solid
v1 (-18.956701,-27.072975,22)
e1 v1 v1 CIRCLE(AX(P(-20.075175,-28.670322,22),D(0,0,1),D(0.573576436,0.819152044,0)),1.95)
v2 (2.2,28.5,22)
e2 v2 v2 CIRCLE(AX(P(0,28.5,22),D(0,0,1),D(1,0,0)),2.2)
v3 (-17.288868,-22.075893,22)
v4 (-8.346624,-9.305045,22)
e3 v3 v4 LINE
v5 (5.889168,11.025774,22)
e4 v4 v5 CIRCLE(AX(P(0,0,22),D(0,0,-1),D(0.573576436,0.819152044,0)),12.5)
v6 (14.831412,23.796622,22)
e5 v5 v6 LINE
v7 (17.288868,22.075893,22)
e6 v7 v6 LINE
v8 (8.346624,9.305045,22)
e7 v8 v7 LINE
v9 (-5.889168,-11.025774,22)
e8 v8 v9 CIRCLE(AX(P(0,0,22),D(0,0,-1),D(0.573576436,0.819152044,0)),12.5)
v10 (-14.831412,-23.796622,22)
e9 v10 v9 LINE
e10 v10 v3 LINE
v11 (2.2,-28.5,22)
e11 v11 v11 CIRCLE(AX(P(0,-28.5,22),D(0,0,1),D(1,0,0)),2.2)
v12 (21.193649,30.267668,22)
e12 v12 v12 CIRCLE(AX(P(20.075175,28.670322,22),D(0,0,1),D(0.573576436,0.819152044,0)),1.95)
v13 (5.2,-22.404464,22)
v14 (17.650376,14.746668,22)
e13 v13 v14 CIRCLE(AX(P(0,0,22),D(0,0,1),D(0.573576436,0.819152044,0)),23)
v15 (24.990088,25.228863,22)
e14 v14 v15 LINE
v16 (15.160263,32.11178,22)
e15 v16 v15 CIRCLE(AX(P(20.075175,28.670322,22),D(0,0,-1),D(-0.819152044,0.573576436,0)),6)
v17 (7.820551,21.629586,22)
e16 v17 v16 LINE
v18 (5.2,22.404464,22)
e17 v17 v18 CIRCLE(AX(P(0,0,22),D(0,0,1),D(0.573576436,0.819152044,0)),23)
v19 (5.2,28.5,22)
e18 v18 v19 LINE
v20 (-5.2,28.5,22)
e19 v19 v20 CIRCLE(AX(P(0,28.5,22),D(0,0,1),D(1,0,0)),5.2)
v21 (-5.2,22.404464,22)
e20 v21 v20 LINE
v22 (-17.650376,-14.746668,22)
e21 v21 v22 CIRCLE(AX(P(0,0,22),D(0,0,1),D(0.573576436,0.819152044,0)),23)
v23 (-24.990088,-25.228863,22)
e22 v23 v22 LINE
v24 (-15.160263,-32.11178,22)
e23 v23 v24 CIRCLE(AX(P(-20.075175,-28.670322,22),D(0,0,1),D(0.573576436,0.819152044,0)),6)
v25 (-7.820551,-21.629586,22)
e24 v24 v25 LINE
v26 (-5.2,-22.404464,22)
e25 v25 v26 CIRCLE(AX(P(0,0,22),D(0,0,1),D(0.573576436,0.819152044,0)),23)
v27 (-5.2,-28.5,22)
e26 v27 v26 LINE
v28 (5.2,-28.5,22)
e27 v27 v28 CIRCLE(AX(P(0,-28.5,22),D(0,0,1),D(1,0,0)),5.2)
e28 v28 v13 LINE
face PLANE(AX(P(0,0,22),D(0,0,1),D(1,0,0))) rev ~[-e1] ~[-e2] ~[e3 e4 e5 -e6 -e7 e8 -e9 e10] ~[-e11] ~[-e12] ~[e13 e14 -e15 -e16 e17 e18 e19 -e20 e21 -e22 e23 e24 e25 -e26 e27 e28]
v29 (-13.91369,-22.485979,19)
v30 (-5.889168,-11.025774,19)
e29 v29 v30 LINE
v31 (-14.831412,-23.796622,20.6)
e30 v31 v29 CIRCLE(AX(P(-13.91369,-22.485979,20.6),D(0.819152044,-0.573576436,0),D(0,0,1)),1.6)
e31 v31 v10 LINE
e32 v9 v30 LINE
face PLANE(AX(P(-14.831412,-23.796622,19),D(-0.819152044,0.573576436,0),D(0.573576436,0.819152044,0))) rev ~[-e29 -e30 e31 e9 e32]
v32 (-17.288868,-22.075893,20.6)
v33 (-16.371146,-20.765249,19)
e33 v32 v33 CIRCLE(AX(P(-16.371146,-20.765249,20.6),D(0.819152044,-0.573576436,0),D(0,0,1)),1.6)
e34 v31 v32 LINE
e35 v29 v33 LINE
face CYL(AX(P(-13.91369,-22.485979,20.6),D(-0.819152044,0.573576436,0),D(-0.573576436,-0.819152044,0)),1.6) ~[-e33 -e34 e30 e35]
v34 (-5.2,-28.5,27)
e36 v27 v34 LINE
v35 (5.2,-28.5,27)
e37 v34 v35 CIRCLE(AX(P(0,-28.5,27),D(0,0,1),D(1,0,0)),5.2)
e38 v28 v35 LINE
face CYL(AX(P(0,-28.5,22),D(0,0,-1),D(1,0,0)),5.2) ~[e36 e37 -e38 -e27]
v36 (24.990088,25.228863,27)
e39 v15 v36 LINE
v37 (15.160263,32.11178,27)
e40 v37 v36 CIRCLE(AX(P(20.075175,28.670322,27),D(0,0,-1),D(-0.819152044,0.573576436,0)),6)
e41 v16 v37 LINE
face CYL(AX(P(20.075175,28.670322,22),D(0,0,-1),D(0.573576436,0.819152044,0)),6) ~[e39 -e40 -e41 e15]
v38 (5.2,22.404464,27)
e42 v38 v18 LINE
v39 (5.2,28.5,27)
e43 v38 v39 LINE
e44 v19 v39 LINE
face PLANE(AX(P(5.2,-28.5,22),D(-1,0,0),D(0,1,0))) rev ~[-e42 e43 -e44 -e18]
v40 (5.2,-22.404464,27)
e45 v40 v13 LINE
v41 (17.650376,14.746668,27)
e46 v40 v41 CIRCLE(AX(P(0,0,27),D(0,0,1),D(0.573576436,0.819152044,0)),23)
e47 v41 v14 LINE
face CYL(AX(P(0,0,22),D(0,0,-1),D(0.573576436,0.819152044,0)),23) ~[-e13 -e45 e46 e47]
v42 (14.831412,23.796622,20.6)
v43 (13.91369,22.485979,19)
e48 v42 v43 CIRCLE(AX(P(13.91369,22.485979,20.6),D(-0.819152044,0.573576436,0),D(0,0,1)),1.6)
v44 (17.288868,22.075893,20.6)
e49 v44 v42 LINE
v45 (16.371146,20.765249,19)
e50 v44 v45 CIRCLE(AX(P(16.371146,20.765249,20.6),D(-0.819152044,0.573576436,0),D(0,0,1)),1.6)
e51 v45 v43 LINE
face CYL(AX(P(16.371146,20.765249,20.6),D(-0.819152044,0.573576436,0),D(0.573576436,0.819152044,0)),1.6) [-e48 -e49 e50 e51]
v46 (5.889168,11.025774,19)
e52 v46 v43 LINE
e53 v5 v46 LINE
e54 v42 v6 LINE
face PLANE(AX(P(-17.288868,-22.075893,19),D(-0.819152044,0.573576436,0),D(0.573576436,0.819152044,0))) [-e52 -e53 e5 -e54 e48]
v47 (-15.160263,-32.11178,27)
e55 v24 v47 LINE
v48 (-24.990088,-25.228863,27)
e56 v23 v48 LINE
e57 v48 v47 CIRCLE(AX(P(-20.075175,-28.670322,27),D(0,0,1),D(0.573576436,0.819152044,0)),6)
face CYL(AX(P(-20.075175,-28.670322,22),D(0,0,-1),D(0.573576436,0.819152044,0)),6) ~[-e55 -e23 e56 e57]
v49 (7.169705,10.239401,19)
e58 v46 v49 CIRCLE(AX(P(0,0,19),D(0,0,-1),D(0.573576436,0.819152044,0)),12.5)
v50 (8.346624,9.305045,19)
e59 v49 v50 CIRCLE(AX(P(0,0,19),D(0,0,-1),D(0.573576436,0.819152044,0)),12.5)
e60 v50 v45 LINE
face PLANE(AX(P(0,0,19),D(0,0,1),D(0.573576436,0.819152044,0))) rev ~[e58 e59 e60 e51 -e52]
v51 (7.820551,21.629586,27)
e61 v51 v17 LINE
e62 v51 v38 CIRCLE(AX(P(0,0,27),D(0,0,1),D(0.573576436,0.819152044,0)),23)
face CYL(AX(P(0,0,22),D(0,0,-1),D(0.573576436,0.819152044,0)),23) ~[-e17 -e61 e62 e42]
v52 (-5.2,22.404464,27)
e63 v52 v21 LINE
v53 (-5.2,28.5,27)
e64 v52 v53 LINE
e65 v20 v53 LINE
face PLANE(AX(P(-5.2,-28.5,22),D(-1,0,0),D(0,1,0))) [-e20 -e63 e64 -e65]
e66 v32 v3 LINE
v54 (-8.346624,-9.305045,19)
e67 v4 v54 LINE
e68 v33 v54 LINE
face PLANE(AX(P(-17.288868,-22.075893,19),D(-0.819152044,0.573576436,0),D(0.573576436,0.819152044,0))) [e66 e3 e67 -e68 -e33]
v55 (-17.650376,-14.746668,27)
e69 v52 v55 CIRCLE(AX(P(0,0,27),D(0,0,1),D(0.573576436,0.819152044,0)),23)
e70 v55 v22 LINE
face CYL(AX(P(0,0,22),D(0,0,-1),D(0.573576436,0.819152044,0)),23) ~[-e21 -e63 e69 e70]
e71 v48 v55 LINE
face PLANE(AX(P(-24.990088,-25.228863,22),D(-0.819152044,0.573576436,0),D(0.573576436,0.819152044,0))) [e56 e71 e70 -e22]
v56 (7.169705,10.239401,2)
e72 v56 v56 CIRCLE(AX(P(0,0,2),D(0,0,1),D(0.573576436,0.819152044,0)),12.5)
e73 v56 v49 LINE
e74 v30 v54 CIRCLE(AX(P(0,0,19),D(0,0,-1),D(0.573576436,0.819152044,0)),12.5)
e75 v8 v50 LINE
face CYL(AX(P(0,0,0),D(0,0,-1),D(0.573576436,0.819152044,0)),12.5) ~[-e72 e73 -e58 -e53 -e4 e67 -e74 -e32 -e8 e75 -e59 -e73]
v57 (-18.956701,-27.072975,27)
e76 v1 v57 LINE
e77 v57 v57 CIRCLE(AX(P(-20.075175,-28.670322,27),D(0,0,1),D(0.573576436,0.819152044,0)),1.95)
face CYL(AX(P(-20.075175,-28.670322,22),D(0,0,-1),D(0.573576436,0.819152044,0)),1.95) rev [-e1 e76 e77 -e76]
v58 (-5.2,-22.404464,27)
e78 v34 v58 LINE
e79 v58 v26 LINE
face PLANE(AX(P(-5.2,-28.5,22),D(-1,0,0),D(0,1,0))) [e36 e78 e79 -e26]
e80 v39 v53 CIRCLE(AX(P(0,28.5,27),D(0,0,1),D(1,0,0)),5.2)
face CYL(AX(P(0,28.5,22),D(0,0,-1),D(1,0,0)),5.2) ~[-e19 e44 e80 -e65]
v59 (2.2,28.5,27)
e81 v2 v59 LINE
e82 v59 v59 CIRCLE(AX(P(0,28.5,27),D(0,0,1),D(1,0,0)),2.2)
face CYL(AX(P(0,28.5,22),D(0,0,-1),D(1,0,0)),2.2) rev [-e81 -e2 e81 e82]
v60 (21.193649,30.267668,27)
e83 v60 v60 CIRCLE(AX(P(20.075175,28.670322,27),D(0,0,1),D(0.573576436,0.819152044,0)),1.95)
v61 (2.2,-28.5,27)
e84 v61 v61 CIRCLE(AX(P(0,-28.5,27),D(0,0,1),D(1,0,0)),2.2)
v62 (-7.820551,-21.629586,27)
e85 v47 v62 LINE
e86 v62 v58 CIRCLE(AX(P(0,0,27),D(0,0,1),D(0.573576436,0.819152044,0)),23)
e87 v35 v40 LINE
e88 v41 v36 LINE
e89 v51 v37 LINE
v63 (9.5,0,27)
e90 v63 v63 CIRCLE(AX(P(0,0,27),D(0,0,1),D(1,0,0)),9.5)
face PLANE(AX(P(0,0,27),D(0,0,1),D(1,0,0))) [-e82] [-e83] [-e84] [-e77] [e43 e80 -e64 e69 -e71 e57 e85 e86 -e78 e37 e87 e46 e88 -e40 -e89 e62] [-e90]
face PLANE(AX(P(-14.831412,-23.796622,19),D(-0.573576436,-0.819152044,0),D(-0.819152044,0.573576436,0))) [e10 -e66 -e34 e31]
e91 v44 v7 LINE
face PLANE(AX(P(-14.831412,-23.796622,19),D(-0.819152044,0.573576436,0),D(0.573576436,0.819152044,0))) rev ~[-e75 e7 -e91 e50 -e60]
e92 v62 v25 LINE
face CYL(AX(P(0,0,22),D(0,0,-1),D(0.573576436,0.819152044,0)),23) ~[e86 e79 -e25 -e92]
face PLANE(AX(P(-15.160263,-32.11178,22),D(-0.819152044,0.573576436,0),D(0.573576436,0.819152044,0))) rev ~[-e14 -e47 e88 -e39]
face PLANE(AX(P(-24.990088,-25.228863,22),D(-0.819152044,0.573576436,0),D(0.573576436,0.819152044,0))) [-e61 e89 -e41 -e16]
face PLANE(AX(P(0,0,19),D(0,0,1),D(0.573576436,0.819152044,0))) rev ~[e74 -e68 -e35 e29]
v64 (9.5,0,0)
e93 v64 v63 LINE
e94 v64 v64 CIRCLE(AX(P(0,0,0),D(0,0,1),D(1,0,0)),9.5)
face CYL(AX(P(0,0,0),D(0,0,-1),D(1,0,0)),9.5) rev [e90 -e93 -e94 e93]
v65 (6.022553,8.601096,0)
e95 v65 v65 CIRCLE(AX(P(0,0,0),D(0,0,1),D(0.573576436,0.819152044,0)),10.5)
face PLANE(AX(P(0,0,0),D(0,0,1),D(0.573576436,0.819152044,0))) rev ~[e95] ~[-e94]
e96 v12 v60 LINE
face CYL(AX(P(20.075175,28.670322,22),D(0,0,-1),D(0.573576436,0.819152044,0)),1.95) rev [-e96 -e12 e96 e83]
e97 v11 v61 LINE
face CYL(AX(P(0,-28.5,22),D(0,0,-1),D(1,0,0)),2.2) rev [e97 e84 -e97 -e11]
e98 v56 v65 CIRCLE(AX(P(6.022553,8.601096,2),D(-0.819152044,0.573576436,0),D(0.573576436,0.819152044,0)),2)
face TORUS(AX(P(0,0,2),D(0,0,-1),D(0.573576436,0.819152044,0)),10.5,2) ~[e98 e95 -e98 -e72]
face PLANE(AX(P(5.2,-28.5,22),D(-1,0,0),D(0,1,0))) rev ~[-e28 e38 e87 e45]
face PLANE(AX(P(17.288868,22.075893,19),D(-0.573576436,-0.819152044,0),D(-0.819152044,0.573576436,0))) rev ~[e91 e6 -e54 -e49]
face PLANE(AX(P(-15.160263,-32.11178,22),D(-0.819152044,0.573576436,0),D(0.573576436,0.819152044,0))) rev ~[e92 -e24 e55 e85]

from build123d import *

# Parameters (mm, degrees)
CYLINDER032_R                = 9.5
CYLINDER032_DEPTH            = 27
CYLINDER035_R                = 23
CYLINDER035_DEPTH            = 5
CYLINDER046_R                = 2.2
CYLINDER046_DEPTH            = 5
ARRAY022_Y_COUNT             = 2
ARRAY022_Y_PITCH             = 57
BOX_W                        = 10.4
BOX_H                        = 57
BOX_DEPTH                    = 5
CYLINDER048_R                = 5.2
CYLINDER048_DEPTH            = 5
ARRAY021_Y_COUNT             = 2
ARRAY021_Y_PITCH             = 57
CUT002004004_PLACEMENT_ANGLE = 305
BOX008_W                     = 56
BOX008_H                     = 3
BOX008_DEPTH                 = 3
FILLET004_R                  = 1.6
CYLINDER031_R                = 12.5
CYLINDER031_DEPTH            = 27
FILLET_R                     = 2
CYLINDER030_R                = 1.95
CYLINDER030_DEPTH            = 5
ARRAY015_X_COUNT             = 2
ARRAY015_X_PITCH             = 70
BOX004_W                     = 70
BOX004_H                     = 12
BOX004_DEPTH                 = 5
CYLINDER029_R                = 6
CYLINDER029_DEPTH            = 5
ARRAY014_X_COUNT             = 2
ARRAY014_X_PITCH             = 70
FUSION018_PLACEMENT_ANGLE    = 55


with BuildPart() as zero_holder_internal_cylinder:
    # Cylinder032 → Cylinder032 (new body)
    with BuildSketch(Plane.XY):
        Circle(CYLINDER032_R)
    extrude(amount=CYLINDER032_DEPTH)


with BuildPart() as zero_holder_top_disk:
    # Cylinder035 → Cylinder035 (new body)
    with BuildSketch(Plane.XY.offset(22)):
        Circle(CYLINDER035_R)
    extrude(amount=CYLINDER035_DEPTH)


with BuildPart() as extract_fusion:
    # Cylinder046 → Cylinder046 (new body)
    with BuildSketch(Plane.XY):
        Circle(CYLINDER046_R)
    extrude(amount=CYLINDER046_DEPTH)

    # Array022 Y: extract fusion ×2


with BuildPart() as extract_fusion_1:
    add(extract_fusion.part)
    with Locations(*[(0, i * ARRAY022_Y_PITCH, 0) for i in range(1, ARRAY022_Y_COUNT)]):
        add(extract_fusion.part)


with BuildPart() as extract_fusion_2:
    # Array022 placement: moved
    add(extract_fusion_1.part.moved(Location((0, -28.5, 0))))


with BuildPart() as between_hole_cube:
    # Box → Box (new body)
    with BuildSketch(Plane(origin=(-5.2, -28.5, 0), x_dir=(1, 0, 0), z_dir=(0, 0, 1))):
        with Locations((5.2, 28.5)):
            Rectangle(BOX_W, BOX_H)
    extrude(amount=BOX_DEPTH)


with BuildPart() as microscope_attachment_cut:
    # Cylinder048 → Cylinder048 (new body)
    with BuildSketch(Plane.XY):
        Circle(CYLINDER048_R)
    extrude(amount=CYLINDER048_DEPTH)

    # Array021 Y: microscope attachment cut ×2


with BuildPart() as microscope_attachment_cut_1:
    add(microscope_attachment_cut.part)
    with Locations(*[(0, i * ARRAY021_Y_PITCH, 0) for i in range(1, ARRAY021_Y_COUNT)]):
        add(microscope_attachment_cut.part)


with BuildPart() as microscope_attachment_cut_2:
    # Array021 placement: moved
    add(microscope_attachment_cut_1.part.moved(Location((0, -28.5, 0))))

    # Fusion023: union between hole cube
    add(between_hole_cube.part)

    # Cut002004004: cut extract fusion
    add(extract_fusion_2.part, mode=Mode.SUBTRACT)


with BuildPart() as microscope_attachment_cut_3:
    # Cut002004004 placement: moved
    add(microscope_attachment_cut_2.part.moved(Location((0, 0, 22))).rotate(Axis((0, 0, 22), (0, 0, 1)), CUT002004004_PLACEMENT_ANGLE))


with BuildPart() as sprint_plate_fillet:
    # Box008 → Box008 (new body)
    with BuildSketch(Plane(origin=(-28, -1.5, 19), x_dir=(1, 0, 0), z_dir=(0, 0, 1))):
        with Locations((28, 1.5)):
            Rectangle(BOX008_W, BOX008_H)
    extrude(amount=BOX008_DEPTH)

    # Fillet004
    fillet004_edges = [sprint_plate_fillet.edges().sort_by_distance(p)[0] for p in [
        (-28, 0, 19),
        (28, 0, 19),
    ]]
    fillet(fillet004_edges, radius=FILLET004_R)


with BuildPart() as zero_holder_external_cylinder_fillet:
    # Cylinder031 → Cylinder031 (new body)
    with BuildSketch(Plane.XY):
        Circle(CYLINDER031_R)
    extrude(amount=CYLINDER031_DEPTH)

    # Fillet
    fillet_edges = [zero_holder_external_cylinder_fillet.edges().sort_by_distance(p)[0] for p in [
        (-12.5, 0, 0),
    ]]
    fillet(fillet_edges, radius=FILLET_R)


with BuildPart() as spring_plate_end_array003:
    # Cylinder030 → Cylinder030 (new body)
    with BuildSketch(Plane.XY):
        Circle(CYLINDER030_R)
    extrude(amount=CYLINDER030_DEPTH)

    # Array015 X: spring plate end array003 ×2


with BuildPart() as spring_plate_end_array003_1:
    add(spring_plate_end_array003.part)
    with Locations(*[(i * ARRAY015_X_PITCH, 0, 0) for i in range(1, ARRAY015_X_COUNT)]):
        add(spring_plate_end_array003.part)


with BuildPart() as cube:
    # Box004 → Box004 (new body)
    with BuildSketch(Plane(origin=(0, -6, 0), x_dir=(1, 0, 0), z_dir=(0, 0, 1))):
        with Locations((35, 6)):
            Rectangle(BOX004_W, BOX004_H)
    extrude(amount=BOX004_DEPTH)


with BuildPart() as zero_holder_cut:
    # Cylinder029 → Cylinder029 (new body)
    with BuildSketch(Plane.XY):
        Circle(CYLINDER029_R)
    extrude(amount=CYLINDER029_DEPTH)

    # Array014 X: zero holder cut ×2


with BuildPart() as zero_holder_cut_1:
    add(zero_holder_cut.part)
    with Locations(*[(i * ARRAY014_X_PITCH, 0, 0) for i in range(1, ARRAY014_X_COUNT)]):
        add(zero_holder_cut.part)

    # Fusion017: union Cube
    add(cube.part)

    # Cut010: cut spring plate end array003
    add(spring_plate_end_array003_1.part, mode=Mode.SUBTRACT)


with BuildPart() as zero_holder_cut_2:
    # Cut010 placement: moved
    add(zero_holder_cut_1.part.moved(Location((-35, 0, 22))))

    # Fusion018: union zero holder top disk, microscope attachment cut, sprint plate fillet, zero holder external cylinder fillet
    add(zero_holder_top_disk.part)
    add(microscope_attachment_cut_3.part)
    add(sprint_plate_fillet.part)
    add(zero_holder_external_cylinder_fillet.part)


with BuildPart() as zero_holder_cut_3:
    # Fusion018 placement: moved
    add(zero_holder_cut_2.part.rotate(Axis((0, 0, 0), (0, 0, 1)), FUSION018_PLACEMENT_ANGLE))

    # Cut011: cut zero holder internal cylinder
    add(zero_holder_internal_cylinder.part, mode=Mode.SUBTRACT)


solid = zero_holder_cut_3.part
